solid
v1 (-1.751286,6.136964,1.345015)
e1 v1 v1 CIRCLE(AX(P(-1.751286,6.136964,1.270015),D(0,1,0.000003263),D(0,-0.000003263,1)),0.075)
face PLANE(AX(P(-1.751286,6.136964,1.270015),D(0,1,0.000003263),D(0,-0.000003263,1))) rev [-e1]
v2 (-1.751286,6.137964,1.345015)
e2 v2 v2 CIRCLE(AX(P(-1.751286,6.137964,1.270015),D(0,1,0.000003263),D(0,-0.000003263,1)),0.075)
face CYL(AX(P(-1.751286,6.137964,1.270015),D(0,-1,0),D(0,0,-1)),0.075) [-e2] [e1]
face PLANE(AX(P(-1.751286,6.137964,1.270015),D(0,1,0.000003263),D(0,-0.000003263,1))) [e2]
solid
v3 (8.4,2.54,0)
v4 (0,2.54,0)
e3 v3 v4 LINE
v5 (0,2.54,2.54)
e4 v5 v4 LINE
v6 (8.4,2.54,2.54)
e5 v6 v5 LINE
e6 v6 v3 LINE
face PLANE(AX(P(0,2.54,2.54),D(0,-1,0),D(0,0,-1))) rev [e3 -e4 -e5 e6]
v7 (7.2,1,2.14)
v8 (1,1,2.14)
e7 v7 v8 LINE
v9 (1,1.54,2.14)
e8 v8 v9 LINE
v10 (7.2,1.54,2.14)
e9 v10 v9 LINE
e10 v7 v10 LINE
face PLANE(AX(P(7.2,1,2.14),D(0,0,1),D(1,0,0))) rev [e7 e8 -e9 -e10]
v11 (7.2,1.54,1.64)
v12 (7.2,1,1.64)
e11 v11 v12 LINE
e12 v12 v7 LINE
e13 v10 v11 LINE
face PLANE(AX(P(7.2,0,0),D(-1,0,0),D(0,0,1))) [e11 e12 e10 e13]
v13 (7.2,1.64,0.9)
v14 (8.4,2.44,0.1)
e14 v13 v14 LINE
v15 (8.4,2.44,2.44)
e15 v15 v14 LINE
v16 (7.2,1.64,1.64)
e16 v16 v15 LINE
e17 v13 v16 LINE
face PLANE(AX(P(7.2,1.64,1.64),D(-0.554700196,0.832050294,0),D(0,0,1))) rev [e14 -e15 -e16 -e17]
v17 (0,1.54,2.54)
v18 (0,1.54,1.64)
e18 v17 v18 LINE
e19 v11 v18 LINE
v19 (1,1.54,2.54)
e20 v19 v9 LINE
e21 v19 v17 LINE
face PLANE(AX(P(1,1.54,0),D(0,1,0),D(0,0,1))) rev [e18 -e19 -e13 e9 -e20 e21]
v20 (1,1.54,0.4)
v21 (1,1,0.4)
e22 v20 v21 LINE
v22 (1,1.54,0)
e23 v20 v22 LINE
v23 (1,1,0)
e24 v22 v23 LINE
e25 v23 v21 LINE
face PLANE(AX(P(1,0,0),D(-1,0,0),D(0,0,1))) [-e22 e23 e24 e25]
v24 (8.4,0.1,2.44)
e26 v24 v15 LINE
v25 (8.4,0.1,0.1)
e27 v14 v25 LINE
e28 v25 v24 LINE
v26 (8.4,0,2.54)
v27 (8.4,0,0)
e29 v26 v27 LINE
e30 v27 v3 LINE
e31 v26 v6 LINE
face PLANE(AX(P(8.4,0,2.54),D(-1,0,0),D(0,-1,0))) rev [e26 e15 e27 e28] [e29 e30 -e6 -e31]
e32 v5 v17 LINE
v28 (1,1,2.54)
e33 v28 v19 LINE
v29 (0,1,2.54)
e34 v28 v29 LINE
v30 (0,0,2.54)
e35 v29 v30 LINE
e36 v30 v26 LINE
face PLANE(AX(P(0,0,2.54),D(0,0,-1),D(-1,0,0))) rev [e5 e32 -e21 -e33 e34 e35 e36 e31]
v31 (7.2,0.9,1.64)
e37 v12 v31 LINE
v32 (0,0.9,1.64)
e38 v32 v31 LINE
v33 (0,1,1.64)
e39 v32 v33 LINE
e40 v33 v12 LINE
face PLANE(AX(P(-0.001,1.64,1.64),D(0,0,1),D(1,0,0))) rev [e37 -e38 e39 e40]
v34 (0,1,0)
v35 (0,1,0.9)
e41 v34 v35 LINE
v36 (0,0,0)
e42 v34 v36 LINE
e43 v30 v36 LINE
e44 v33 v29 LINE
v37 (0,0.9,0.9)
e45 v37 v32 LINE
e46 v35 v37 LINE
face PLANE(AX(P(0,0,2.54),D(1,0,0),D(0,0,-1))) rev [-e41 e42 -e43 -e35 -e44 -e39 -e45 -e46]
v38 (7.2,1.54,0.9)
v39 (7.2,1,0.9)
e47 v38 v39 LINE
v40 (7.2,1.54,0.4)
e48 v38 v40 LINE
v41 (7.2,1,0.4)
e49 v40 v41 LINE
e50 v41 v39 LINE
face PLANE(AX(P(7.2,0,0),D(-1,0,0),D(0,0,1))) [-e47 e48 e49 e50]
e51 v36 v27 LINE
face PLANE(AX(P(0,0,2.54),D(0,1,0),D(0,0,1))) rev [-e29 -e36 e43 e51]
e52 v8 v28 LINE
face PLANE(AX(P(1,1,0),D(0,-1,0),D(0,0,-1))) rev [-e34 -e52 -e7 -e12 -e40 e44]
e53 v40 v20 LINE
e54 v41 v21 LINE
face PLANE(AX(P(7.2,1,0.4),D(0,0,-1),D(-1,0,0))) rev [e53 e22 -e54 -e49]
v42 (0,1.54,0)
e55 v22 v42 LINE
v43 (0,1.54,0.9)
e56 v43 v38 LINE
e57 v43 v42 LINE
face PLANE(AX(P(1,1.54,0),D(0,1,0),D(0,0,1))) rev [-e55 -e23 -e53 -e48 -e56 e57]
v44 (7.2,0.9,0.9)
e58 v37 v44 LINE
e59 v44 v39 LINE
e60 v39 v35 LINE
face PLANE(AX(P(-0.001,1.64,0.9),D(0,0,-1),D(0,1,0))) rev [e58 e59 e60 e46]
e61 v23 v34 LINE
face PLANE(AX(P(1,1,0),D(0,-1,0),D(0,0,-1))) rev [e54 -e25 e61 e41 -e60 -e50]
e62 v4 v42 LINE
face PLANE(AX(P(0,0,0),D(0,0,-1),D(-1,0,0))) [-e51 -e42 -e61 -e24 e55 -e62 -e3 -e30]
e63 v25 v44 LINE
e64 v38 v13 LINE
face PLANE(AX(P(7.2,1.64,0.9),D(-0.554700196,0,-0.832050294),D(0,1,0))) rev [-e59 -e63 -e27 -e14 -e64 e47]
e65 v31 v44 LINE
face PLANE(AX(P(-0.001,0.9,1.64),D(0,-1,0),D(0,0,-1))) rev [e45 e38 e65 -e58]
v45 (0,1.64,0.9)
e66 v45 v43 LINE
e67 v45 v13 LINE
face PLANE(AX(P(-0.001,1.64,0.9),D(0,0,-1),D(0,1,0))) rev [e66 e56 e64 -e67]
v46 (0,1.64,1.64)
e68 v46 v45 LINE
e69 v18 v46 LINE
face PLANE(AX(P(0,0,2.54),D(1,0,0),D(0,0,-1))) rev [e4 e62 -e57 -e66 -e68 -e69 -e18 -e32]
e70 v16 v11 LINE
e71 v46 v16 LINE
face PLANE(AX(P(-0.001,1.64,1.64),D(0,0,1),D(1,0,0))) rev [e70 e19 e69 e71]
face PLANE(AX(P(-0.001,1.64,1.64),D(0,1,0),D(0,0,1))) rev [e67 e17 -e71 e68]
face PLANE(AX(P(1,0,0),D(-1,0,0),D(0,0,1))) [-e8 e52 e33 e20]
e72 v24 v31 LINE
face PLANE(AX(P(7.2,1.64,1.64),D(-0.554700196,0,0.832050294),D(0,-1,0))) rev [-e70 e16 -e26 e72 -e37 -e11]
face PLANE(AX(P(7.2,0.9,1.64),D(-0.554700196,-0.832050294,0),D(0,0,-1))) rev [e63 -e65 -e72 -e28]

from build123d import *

# Parameters (mm, degrees)
SKETCH1_W                       = 8.4
SKETCH1_H                       = 2.54
BOSS_EXTRUDE1_DEPTH             = 2.54
CUT_EXTRUDE1_REACH              = 10.4
SKETCH2_W                       = 0.74
SKETCH2_H                       = 0.74
CHAMFER2_SIZE                   = 0.8
CHAMFER2_SIZE2                  = 1.2
SKETCH3_W                       = 2.54
SKETCH3_H                       = 0.54
CUT_EXTRUDE2_DEPTH              = 1
CUT_EXTRUDE4_START              = -6.2
SKETCH5_W                       = 1.74
SKETCH5_H                       = 0.54
CUT_EXTRUDE4_DEPTH              = 6.2
AUFSATZ_LINEAR_START            = 3.596964
SKIZZE1_R                       = 0.074999883
AUFSATZ_LINEAR_AUSTRAGEN1_DEPTH = 0.001


with BuildPart() as part:
    # Sketch1 → Boss-Extrude1 (new body)
    with BuildSketch(Plane.XY):
        with Locations((4.2, 1.27)):
            Rectangle(SKETCH1_W, SKETCH1_H)
    extrude(amount=BOSS_EXTRUDE1_DEPTH)

    # Sketch2 → Cut-Extrude1 (cut, up to next)
    with BuildSketch(Plane(origin=(8.4, 0, 0), x_dir=(0, 0, -1), z_dir=(1, 0, 0)), mode=Mode.PRIVATE) as cut_extrude1_sk1:
        with Locations((-1.27, 1.27)):
            Rectangle(SKETCH2_W, SKETCH2_H)
    cut_extrude1_tool1 = extrude(cut_extrude1_sk1.sketch, amount=-CUT_EXTRUDE1_REACH, mode=Mode.PRIVATE) & part.part
    add(cut_extrude1_tool1.solids().sort_by_distance((8.4, 1.27, 1.27))[0], mode=Mode.SUBTRACT)

    # Chamfer2
    chamfer2_edges = [part.edges().sort_by_distance(p)[0] for p in [
        (8.4, 1.27, 1.64),
        (8.4, 0.9, 1.27),
        (8.4, 1.27, 0.9),
        (8.4, 1.64, 1.27),
    ]]
    chamfer2_side = [part.faces().sort_by_distance(p)[0] for p in [
        (8.4, 0.035921024, 1.27),
    ]]
    chamfer(chamfer2_edges, length=CHAMFER2_SIZE, length2=CHAMFER2_SIZE2, reference=chamfer2_side[0])

    # Sketch3 → Cut-Extrude2 (cut)
    with BuildSketch(Plane.ZY):
        with Locations((1.27, 1.27)):
            Rectangle(SKETCH3_W, SKETCH3_H)
    extrude(amount=-CUT_EXTRUDE2_DEPTH, mode=Mode.SUBTRACT)

    # Sketch5 → Cut-Extrude4 (cut)
    with BuildSketch(Plane.ZY.offset(-1).offset(CUT_EXTRUDE4_START)):
        with Locations((1.27, 1.27)):
            Rectangle(SKETCH5_W, SKETCH5_H)
    extrude(amount=CUT_EXTRUDE4_DEPTH, mode=Mode.SUBTRACT)


with BuildPart() as body_2:
    # Skizze1 → Aufsatz-Linear austragen1 (new body)
    with BuildSketch(Plane(origin=(0, 2.54, 0), x_dir=(1, 0, 0), z_dir=(0, 1, 0)).offset(AUFSATZ_LINEAR_START)):
        with Locations((-1.751286424, -1.270014668)):
            Circle(SKIZZE1_R)
    extrude(amount=AUFSATZ_LINEAR_AUSTRAGEN1_DEPTH)


solid = Compound([part.part, body_2.part])
